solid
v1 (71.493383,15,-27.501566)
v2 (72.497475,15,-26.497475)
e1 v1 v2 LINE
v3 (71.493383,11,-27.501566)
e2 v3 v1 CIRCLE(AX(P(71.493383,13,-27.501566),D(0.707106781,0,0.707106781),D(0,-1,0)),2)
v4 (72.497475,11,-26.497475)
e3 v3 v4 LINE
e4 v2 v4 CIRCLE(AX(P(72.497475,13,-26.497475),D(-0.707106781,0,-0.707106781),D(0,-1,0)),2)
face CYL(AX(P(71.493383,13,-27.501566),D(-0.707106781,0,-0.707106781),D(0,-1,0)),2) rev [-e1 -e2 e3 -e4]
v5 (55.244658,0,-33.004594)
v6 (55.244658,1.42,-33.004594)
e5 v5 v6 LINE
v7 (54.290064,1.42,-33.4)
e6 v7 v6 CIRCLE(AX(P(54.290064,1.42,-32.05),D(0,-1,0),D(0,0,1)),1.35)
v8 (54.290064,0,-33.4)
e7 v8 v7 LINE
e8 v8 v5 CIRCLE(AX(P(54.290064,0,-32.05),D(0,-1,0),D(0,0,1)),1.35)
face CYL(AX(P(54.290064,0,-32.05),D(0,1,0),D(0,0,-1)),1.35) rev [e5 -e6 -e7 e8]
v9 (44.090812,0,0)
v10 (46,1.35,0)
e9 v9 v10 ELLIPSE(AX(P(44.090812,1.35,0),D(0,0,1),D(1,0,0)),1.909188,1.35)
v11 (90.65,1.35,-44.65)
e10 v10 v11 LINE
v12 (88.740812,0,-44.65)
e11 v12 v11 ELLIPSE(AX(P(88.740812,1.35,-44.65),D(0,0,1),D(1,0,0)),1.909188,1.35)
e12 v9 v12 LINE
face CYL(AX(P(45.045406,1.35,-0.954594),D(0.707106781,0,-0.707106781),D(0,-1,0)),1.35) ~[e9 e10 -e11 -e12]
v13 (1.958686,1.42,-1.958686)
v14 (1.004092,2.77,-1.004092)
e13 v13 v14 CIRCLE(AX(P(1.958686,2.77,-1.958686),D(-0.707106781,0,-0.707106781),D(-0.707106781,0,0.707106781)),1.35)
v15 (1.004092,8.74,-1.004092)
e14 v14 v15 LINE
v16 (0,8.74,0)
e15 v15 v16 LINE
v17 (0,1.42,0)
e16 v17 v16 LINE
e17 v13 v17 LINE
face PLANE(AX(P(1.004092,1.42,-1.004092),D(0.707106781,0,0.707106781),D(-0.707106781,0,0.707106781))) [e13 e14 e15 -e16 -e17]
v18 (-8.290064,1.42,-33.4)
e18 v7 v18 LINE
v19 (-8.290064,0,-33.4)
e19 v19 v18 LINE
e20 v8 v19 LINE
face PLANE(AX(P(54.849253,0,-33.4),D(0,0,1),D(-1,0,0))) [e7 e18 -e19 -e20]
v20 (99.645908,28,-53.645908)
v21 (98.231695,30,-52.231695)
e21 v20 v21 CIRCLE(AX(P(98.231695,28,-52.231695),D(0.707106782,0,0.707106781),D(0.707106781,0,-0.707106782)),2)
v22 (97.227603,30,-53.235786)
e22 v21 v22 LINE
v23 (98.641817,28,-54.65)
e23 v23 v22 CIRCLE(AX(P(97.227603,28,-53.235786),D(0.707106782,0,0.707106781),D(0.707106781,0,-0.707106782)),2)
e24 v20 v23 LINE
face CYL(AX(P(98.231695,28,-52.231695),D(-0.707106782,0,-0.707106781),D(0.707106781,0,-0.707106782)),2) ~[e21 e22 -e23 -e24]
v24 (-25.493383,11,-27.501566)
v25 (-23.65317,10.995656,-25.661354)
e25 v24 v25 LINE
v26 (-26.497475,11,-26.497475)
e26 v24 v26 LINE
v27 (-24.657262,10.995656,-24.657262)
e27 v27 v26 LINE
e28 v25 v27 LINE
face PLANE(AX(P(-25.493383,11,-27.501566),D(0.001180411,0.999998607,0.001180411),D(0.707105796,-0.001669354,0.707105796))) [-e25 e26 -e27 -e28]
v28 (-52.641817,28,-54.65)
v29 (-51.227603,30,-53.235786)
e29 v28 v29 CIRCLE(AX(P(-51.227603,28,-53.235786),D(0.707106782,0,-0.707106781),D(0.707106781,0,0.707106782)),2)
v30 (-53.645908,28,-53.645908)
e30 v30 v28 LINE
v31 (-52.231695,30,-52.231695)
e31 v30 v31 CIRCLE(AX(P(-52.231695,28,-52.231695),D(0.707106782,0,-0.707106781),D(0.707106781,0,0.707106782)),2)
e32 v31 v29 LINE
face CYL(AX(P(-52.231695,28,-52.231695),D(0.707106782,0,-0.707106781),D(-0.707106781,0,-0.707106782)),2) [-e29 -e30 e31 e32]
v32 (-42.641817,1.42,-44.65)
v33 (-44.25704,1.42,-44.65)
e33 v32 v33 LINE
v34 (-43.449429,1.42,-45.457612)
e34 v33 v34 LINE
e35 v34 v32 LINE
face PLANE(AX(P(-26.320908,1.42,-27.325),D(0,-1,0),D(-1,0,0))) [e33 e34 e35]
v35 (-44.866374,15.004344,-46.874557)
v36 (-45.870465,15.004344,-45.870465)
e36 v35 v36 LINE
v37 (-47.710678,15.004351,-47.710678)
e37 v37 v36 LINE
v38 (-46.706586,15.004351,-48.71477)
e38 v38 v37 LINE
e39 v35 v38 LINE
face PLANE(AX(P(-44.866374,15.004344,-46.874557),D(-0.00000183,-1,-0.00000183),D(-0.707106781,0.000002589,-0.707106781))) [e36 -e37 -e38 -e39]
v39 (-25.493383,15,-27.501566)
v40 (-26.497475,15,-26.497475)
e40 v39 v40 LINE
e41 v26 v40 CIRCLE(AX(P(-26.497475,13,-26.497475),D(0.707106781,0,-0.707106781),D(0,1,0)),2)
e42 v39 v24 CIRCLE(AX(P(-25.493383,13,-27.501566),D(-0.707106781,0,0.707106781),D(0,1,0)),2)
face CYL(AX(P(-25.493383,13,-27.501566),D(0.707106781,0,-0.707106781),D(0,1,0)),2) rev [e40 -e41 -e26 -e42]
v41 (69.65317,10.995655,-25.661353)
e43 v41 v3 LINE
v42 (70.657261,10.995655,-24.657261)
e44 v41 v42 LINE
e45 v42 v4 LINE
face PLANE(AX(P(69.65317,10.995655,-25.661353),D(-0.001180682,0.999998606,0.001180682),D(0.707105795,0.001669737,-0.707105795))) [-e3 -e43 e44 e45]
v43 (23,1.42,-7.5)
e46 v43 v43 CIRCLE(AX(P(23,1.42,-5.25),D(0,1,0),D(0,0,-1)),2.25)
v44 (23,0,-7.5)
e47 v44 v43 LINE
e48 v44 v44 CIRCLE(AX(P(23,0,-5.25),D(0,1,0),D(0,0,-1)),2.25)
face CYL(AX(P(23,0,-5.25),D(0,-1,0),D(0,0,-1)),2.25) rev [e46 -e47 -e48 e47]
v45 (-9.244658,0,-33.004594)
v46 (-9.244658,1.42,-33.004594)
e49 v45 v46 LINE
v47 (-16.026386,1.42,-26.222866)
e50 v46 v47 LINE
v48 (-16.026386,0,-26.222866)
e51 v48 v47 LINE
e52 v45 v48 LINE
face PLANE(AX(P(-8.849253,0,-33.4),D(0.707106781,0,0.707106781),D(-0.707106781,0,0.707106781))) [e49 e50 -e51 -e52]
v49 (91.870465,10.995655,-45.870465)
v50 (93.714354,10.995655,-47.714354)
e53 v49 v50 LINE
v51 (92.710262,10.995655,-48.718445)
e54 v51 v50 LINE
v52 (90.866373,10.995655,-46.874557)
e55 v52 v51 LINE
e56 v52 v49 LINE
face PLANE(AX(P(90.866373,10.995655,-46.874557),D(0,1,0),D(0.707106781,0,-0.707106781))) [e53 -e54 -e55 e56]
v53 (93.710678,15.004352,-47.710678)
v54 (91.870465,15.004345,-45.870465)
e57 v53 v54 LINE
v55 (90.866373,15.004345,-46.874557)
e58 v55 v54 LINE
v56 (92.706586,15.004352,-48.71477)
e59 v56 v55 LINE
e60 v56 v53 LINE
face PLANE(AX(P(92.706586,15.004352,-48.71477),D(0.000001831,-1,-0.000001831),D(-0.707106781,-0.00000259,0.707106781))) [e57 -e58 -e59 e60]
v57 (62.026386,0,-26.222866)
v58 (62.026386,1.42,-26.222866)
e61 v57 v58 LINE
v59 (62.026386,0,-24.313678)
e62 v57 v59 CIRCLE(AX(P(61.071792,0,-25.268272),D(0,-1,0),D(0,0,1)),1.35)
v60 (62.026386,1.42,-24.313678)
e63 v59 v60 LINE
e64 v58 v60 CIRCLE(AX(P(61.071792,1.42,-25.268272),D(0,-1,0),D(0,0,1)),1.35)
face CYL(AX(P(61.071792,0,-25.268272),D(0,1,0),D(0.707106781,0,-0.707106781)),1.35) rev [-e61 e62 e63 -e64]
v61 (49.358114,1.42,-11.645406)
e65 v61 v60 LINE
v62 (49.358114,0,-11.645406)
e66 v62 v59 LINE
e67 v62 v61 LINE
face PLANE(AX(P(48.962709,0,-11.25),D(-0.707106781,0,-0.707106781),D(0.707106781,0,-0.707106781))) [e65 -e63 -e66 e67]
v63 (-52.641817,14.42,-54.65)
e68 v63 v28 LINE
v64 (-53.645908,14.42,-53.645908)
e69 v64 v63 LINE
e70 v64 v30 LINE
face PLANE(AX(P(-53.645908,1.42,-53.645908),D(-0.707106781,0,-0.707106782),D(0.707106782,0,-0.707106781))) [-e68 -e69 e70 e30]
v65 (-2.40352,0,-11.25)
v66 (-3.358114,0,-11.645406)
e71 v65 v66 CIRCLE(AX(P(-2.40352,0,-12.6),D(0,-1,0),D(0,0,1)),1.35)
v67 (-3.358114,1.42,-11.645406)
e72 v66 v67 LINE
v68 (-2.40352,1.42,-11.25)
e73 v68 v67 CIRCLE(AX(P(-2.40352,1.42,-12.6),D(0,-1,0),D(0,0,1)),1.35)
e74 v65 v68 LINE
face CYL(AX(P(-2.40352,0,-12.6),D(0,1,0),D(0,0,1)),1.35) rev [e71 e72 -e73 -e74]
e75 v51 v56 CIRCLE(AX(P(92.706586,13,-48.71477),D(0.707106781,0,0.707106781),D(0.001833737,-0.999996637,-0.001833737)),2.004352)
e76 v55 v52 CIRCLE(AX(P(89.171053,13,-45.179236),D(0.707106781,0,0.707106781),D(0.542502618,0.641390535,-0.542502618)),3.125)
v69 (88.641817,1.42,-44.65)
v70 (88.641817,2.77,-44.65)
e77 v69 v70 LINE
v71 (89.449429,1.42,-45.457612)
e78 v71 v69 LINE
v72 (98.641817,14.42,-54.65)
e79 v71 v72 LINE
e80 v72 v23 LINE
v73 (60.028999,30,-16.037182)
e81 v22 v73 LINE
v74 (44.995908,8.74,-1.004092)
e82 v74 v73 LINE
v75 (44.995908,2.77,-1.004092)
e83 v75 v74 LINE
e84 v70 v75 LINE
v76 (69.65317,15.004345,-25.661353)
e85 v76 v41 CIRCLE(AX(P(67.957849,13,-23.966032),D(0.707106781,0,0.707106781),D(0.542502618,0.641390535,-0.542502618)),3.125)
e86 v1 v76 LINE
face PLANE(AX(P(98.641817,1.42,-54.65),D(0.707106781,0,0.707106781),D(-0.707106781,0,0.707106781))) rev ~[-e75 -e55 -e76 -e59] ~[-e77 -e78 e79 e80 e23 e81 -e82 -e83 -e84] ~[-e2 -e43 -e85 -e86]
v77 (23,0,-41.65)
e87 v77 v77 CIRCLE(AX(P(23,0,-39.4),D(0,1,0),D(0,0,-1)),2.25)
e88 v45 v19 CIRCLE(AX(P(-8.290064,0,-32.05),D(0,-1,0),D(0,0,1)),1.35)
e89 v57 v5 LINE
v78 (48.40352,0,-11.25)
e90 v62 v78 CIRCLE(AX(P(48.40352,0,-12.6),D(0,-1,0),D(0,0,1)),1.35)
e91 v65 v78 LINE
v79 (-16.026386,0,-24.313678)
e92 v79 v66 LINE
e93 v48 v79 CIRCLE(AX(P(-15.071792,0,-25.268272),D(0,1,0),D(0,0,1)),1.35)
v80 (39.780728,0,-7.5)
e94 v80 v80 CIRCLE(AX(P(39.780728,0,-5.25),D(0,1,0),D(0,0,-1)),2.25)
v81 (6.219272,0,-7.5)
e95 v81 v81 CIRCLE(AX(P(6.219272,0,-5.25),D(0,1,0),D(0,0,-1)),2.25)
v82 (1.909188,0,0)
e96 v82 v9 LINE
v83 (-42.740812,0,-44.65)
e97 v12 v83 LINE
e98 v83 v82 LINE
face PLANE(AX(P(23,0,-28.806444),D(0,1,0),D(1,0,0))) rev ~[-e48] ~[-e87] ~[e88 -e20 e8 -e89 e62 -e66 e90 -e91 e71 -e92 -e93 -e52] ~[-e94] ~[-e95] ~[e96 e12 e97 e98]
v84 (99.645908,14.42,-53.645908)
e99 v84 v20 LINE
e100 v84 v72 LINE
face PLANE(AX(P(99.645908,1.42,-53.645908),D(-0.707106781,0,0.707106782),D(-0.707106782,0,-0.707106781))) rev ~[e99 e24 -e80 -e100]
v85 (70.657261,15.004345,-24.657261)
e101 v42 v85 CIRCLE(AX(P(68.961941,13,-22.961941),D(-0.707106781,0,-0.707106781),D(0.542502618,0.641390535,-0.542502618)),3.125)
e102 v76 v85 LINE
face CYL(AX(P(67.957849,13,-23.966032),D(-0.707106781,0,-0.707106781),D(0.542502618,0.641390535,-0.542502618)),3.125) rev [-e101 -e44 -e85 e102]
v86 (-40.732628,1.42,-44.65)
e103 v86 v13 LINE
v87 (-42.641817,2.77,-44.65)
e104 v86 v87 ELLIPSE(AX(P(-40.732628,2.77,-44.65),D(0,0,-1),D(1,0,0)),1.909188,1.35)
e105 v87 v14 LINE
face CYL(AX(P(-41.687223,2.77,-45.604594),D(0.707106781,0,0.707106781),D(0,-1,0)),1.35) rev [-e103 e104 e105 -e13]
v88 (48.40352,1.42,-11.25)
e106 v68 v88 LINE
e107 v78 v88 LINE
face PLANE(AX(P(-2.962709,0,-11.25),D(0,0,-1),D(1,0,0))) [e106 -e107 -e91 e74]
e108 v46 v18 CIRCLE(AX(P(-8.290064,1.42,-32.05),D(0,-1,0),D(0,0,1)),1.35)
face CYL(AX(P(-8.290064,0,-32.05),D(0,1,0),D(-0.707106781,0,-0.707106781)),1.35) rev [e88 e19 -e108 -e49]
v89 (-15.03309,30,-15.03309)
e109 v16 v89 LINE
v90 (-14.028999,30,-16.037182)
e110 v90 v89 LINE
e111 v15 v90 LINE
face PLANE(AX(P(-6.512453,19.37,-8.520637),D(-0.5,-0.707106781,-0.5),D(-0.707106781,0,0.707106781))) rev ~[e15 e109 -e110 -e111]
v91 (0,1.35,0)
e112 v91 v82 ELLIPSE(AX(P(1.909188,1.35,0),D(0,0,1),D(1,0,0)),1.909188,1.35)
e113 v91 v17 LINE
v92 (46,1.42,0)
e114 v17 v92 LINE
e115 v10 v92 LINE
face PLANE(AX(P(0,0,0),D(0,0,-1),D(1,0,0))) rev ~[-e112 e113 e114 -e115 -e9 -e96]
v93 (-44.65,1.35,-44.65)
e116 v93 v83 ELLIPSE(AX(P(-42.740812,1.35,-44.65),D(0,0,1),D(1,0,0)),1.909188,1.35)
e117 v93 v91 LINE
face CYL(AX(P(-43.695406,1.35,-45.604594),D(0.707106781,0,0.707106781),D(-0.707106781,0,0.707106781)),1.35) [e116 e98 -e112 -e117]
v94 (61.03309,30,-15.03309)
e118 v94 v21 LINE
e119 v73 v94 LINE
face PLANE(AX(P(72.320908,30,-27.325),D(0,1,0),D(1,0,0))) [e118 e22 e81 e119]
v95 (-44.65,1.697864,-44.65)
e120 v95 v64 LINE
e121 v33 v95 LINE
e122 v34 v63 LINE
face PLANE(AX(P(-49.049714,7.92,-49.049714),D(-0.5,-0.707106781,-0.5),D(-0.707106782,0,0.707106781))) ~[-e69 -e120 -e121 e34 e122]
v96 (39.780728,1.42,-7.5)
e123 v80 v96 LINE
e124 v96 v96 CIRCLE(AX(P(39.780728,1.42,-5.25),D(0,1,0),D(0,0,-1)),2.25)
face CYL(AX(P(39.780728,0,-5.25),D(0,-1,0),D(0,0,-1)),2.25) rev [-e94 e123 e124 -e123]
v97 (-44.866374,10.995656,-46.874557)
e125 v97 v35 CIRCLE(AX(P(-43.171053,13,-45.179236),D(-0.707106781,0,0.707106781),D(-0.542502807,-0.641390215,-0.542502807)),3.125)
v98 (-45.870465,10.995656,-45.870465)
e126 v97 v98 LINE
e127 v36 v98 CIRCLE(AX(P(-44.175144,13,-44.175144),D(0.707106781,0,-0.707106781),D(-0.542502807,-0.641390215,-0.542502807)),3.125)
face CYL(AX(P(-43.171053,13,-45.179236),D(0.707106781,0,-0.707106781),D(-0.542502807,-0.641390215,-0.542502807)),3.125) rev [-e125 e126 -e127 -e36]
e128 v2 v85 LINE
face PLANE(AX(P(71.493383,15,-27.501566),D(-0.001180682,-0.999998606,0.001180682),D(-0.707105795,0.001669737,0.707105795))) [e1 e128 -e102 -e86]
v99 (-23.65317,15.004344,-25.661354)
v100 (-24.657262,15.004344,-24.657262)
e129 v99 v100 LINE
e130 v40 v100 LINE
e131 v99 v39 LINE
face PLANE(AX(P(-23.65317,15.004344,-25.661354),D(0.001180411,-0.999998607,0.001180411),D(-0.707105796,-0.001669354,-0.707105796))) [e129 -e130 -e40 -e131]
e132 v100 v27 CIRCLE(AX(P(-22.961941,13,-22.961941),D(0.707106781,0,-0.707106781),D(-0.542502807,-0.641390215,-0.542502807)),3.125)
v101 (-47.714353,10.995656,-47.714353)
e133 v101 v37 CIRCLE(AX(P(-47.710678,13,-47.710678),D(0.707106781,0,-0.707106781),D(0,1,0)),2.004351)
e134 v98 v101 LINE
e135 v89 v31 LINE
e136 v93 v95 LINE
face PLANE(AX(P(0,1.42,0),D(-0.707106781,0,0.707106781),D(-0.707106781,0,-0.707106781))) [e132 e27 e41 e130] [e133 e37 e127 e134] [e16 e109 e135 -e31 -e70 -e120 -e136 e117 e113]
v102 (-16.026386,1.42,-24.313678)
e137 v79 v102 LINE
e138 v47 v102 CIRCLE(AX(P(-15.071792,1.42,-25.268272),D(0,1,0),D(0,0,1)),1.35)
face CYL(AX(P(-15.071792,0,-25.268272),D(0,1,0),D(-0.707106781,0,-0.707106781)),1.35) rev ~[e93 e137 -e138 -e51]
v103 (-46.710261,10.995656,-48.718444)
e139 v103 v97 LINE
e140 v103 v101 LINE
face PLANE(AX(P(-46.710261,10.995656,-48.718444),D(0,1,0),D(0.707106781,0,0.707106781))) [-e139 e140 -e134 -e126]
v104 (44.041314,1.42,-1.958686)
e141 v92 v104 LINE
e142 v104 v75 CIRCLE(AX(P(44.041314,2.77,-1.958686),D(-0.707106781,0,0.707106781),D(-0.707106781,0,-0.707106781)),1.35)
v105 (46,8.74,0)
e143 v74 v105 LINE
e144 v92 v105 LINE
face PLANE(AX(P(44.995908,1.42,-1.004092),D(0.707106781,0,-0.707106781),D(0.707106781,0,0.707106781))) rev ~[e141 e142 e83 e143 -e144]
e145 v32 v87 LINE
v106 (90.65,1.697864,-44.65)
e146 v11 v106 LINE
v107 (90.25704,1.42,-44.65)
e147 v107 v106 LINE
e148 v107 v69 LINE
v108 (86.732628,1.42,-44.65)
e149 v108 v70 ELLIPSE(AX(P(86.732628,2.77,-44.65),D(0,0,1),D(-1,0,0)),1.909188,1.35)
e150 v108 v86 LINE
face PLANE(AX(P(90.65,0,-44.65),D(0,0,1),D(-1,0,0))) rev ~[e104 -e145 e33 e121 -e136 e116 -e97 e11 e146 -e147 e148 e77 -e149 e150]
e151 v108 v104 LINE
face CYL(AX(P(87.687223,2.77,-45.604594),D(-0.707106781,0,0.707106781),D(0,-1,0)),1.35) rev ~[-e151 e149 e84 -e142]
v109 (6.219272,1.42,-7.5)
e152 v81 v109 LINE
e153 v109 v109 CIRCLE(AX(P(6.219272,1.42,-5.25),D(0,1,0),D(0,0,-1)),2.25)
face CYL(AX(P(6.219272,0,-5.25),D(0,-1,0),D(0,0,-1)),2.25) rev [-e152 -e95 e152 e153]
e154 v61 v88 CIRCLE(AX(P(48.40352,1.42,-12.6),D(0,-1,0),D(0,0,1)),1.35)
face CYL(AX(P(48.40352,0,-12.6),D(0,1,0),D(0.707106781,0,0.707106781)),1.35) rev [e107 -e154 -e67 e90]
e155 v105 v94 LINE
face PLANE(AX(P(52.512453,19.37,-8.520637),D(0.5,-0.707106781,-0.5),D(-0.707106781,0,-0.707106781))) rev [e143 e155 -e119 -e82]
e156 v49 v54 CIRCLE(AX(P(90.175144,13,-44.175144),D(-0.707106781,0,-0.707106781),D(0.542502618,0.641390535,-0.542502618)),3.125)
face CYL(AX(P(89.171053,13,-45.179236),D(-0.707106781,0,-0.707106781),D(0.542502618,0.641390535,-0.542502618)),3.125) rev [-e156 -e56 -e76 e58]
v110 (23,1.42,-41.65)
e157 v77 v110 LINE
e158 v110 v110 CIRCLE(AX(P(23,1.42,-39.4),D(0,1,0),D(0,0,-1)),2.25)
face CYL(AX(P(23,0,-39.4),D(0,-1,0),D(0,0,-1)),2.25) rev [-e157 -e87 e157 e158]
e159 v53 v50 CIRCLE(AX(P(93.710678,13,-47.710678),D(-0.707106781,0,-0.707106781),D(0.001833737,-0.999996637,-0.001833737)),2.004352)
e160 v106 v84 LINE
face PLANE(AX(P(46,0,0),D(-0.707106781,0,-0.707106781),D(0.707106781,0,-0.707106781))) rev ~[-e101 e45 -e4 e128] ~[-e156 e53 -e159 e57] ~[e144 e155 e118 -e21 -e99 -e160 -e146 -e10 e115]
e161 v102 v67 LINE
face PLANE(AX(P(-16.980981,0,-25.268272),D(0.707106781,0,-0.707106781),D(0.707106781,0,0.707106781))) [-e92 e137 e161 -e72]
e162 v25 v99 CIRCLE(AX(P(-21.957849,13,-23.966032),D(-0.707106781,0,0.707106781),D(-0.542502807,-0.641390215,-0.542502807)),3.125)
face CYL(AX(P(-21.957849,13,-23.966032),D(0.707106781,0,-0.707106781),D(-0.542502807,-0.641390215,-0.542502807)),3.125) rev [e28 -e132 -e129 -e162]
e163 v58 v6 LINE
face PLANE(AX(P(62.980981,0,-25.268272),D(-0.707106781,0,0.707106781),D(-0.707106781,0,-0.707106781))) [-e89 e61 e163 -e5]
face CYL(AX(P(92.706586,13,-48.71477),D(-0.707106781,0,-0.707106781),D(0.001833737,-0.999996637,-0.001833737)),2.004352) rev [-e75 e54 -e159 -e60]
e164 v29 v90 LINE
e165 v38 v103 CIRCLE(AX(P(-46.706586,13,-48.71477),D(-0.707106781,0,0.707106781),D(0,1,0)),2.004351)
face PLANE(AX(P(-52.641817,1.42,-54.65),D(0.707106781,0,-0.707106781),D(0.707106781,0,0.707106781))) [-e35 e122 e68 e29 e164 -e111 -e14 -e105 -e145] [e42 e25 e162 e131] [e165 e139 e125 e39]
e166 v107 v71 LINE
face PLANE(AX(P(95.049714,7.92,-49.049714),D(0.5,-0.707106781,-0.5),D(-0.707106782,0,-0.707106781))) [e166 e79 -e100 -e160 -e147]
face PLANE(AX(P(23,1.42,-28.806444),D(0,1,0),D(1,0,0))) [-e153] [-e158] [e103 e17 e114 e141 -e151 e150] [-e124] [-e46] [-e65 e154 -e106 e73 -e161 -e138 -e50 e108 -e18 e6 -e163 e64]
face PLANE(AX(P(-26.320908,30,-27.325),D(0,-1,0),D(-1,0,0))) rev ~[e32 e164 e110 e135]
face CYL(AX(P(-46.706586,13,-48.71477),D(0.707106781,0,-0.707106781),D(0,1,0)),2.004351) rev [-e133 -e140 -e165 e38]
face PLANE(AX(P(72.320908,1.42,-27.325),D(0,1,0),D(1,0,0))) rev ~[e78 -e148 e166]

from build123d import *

# Parameters (mm, degrees)
SKETCH1_R                   = 2.25
BASEBOSS_EXTRUDE1_DEPTH     = 1.42
WINGBOSS_EXTRUDE2_DEPTH     = 28.58
FRONTCHAMFER1_SIZE          = 21.26
BACKCHAMFER3_SIZE           = 13
BACKCORNERFILLET1_R         = 2
RIGHTWINGCUT_EXTRUDE1_DEPTH = 117.224315421
LEFTWINGCUT_EXTRUDE2_DEPTH  = 114.155281671
OUTSIDEWINGFILLET2_R        = 1.35
INSIDEWINGFILLET3_R         = 1.35
INSIDECUTOUTFILLET4_R       = 1.35


with BuildPart() as part:
    # Sketch1 → BaseBoss-Extrude1 (new body)
    with BuildSketch(Plane(origin=(0, 0, 0), x_dir=(1, 0, 0), z_dir=(0, 1, 0))):
        Polygon((0, 0), (46, 0), (90.65, 44.65), (-44.65, 44.65), align=None)
        with Locations(Location((23, 39.4, 0), (0, 0, 90))):
            Circle(SKETCH1_R, mode=Mode.SUBTRACT)
        with Locations(Location((23, 5.25, 0), (0, 0, 90))):
            Circle(SKETCH1_R, mode=Mode.SUBTRACT)
        with Locations(Location((39.780728009, 5.25, 0), (0, 0, 90))):
            Circle(SKETCH1_R, mode=Mode.SUBTRACT)
        with Locations(Location((6.219271991, 5.25, 0), (0, 0, 90))):
            Circle(SKETCH1_R, mode=Mode.SUBTRACT)
        Polygon((-16.980980541, 25.268272016), (-2.962708524, 11.25), (48.962708524, 11.25), (62.980980541, 25.268272016), (54.849252557, 33.4), (-8.849252557, 33.4), align=None, mode=Mode.SUBTRACT)
    extrude(amount=BASEBOSS_EXTRUDE1_DEPTH)

    # Sketch2 → WingBoss-Extrude2 (add)
    with BuildSketch(Plane(origin=(0, 1.42, 0), x_dir=(1, 0, 0), z_dir=(0, 1, 0))):
        Polygon((-52.641816741, 54.65), (1.004091629, 1.004091629), (0, 0), (-53.645908371, 53.645908371), align=None)
        Polygon((44.995908371, 1.004091629), (46, 0), (99.645908371, 53.645908371), (98.641816741, 54.65), align=None)
    extrude(amount=WINGBOSS_EXTRUDE2_DEPTH)

    # FrontChamfer1
    frontchamfer1_edges = [part.edges().sort_by_distance(p)[0] for p in [
        (45.497954185, 30, -0.502045815),
        (0.502045815, 30, -0.502045815),
    ]]
    chamfer(frontchamfer1_edges, length=FRONTCHAMFER1_SIZE)

    # BackChamfer3
    backchamfer3_edges = [part.edges().sort_by_distance(p)[0] for p in [
        (-53.143862556, 1.42, -54.147954185),
        (99.143862556, 1.42, -54.147954185),
    ]]
    chamfer(backchamfer3_edges, length=BACKCHAMFER3_SIZE)

    # BackCornerFillet1
    backcornerfillet1_edges = [part.edges().sort_by_distance(p)[0] for p in [
        (99.143862556, 30, -54.147954185),
        (-53.143862556, 30, -54.147954185),
    ]]
    fillet(backcornerfillet1_edges, radius=BACKCORNERFILLET1_R)

    # Sketch3 → RightWingCut-Extrude1 (cut, through all)
    with BuildSketch(Plane(origin=(1.004091629, 0, -1.004091629), x_dir=(-0.7071067811865479, 0, -0.7071067811865471), z_dir=(0.7071067811865471, 0, -0.7071067811865479))):
        with BuildLine():
            Line((64.870634402, 15.004344422), (67.473088065, 15.004351159))
            ThreePointArc((67.473088065, 15.004351159), (69.47743754, 13.002598346), (67.478284754, 10.995655578))
            Line((67.478284754, 10.995655578), (64.870634402, 10.995655578))
            ThreePointArc((64.870634402, 10.995655578), (59.348088065, 13), (64.870634402, 15.004344422))
        make_face()
        with BuildLine():
            Line((34.870634402, 15.004344422), (37.473088065, 15))
            ThreePointArc((37.473088065, 15), (39.473088065, 13), (37.473088065, 11))
            Line((37.473088065, 11), (34.870634402, 10.995655578))
            ThreePointArc((34.870634402, 10.995655578), (29.348088065, 13), (34.870634402, 15.004344422))
        make_face()
    extrude(amount=-RIGHTWINGCUT_EXTRUDE1_DEPTH, mode=Mode.SUBTRACT)

    # Sketch4 → LeftWingCut-Extrude2 (cut, through all)
    with BuildSketch(Plane(origin=(21.995908371, 0, 21.995908371), x_dir=(-0.7071067811865476, 0, 0.7071067811865476), z_dir=(-0.7071067811865476, 0, -0.7071067811865476))):
        with BuildLine():
            Line((-97.397545502, 10.995654579), (-100.005197879, 10.995654579))
            ThreePointArc((-100.005197879, 10.995654579), (-102.004350476, 13.002598942), (-100, 15.004352161))
            Line((-100, 15.004352161), (-97.397545502, 15.004345421))
            ThreePointArc((-97.397545502, 15.004345421), (-91.875, 13), (-97.397545502, 10.995654579))
        make_face()
        with BuildLine():
            Line((-67.397545502, 10.995654579), (-70, 11))
            ThreePointArc((-70, 11), (-72, 13), (-70, 15))
            Line((-70, 15), (-67.397545502, 15.004345421))
            ThreePointArc((-67.397545502, 15.004345421), (-61.875, 13), (-67.397545502, 10.995654579))
        make_face()
    extrude(amount=-LEFTWINGCUT_EXTRUDE2_DEPTH, mode=Mode.SUBTRACT)

    # outsideWingFillet2
    outsidewingfillet2_edges = [part.edges().sort_by_distance(p)[0] for p in [
        (68.325, 0, -22.325),
        (-22.325, 0, -22.325),
    ]]
    fillet(outsidewingfillet2_edges, radius=OUTSIDEWINGFILLET2_R)

    # InsideWingFillet3
    insidewingfillet3_edges = [part.edges().sort_by_distance(p)[0] for p in [
        (66.818862556, 1.42, -22.827045815),
        (-20.818862556, 1.42, -22.827045815),
    ]]
    fillet(insidewingfillet3_edges, radius=INSIDEWINGFILLET3_R)

    # InsideCutoutFillet4
    insidecutoutfillet4_edges = [part.edges().sort_by_distance(p)[0] for p in [
        (48.962708524, 0.71, -11.25),
        (62.980980541, 0.71, -25.268272016),
        (54.849252557, 0.71, -33.4),
        (-8.849252557, 0.71, -33.4),
        (-16.980980541, 0.71, -25.268272016),
        (-2.962708524, 0.71, -11.25),
    ]]
    fillet(insidecutoutfillet4_edges, radius=INSIDECUTOUTFILLET4_R)


solid = part.part
